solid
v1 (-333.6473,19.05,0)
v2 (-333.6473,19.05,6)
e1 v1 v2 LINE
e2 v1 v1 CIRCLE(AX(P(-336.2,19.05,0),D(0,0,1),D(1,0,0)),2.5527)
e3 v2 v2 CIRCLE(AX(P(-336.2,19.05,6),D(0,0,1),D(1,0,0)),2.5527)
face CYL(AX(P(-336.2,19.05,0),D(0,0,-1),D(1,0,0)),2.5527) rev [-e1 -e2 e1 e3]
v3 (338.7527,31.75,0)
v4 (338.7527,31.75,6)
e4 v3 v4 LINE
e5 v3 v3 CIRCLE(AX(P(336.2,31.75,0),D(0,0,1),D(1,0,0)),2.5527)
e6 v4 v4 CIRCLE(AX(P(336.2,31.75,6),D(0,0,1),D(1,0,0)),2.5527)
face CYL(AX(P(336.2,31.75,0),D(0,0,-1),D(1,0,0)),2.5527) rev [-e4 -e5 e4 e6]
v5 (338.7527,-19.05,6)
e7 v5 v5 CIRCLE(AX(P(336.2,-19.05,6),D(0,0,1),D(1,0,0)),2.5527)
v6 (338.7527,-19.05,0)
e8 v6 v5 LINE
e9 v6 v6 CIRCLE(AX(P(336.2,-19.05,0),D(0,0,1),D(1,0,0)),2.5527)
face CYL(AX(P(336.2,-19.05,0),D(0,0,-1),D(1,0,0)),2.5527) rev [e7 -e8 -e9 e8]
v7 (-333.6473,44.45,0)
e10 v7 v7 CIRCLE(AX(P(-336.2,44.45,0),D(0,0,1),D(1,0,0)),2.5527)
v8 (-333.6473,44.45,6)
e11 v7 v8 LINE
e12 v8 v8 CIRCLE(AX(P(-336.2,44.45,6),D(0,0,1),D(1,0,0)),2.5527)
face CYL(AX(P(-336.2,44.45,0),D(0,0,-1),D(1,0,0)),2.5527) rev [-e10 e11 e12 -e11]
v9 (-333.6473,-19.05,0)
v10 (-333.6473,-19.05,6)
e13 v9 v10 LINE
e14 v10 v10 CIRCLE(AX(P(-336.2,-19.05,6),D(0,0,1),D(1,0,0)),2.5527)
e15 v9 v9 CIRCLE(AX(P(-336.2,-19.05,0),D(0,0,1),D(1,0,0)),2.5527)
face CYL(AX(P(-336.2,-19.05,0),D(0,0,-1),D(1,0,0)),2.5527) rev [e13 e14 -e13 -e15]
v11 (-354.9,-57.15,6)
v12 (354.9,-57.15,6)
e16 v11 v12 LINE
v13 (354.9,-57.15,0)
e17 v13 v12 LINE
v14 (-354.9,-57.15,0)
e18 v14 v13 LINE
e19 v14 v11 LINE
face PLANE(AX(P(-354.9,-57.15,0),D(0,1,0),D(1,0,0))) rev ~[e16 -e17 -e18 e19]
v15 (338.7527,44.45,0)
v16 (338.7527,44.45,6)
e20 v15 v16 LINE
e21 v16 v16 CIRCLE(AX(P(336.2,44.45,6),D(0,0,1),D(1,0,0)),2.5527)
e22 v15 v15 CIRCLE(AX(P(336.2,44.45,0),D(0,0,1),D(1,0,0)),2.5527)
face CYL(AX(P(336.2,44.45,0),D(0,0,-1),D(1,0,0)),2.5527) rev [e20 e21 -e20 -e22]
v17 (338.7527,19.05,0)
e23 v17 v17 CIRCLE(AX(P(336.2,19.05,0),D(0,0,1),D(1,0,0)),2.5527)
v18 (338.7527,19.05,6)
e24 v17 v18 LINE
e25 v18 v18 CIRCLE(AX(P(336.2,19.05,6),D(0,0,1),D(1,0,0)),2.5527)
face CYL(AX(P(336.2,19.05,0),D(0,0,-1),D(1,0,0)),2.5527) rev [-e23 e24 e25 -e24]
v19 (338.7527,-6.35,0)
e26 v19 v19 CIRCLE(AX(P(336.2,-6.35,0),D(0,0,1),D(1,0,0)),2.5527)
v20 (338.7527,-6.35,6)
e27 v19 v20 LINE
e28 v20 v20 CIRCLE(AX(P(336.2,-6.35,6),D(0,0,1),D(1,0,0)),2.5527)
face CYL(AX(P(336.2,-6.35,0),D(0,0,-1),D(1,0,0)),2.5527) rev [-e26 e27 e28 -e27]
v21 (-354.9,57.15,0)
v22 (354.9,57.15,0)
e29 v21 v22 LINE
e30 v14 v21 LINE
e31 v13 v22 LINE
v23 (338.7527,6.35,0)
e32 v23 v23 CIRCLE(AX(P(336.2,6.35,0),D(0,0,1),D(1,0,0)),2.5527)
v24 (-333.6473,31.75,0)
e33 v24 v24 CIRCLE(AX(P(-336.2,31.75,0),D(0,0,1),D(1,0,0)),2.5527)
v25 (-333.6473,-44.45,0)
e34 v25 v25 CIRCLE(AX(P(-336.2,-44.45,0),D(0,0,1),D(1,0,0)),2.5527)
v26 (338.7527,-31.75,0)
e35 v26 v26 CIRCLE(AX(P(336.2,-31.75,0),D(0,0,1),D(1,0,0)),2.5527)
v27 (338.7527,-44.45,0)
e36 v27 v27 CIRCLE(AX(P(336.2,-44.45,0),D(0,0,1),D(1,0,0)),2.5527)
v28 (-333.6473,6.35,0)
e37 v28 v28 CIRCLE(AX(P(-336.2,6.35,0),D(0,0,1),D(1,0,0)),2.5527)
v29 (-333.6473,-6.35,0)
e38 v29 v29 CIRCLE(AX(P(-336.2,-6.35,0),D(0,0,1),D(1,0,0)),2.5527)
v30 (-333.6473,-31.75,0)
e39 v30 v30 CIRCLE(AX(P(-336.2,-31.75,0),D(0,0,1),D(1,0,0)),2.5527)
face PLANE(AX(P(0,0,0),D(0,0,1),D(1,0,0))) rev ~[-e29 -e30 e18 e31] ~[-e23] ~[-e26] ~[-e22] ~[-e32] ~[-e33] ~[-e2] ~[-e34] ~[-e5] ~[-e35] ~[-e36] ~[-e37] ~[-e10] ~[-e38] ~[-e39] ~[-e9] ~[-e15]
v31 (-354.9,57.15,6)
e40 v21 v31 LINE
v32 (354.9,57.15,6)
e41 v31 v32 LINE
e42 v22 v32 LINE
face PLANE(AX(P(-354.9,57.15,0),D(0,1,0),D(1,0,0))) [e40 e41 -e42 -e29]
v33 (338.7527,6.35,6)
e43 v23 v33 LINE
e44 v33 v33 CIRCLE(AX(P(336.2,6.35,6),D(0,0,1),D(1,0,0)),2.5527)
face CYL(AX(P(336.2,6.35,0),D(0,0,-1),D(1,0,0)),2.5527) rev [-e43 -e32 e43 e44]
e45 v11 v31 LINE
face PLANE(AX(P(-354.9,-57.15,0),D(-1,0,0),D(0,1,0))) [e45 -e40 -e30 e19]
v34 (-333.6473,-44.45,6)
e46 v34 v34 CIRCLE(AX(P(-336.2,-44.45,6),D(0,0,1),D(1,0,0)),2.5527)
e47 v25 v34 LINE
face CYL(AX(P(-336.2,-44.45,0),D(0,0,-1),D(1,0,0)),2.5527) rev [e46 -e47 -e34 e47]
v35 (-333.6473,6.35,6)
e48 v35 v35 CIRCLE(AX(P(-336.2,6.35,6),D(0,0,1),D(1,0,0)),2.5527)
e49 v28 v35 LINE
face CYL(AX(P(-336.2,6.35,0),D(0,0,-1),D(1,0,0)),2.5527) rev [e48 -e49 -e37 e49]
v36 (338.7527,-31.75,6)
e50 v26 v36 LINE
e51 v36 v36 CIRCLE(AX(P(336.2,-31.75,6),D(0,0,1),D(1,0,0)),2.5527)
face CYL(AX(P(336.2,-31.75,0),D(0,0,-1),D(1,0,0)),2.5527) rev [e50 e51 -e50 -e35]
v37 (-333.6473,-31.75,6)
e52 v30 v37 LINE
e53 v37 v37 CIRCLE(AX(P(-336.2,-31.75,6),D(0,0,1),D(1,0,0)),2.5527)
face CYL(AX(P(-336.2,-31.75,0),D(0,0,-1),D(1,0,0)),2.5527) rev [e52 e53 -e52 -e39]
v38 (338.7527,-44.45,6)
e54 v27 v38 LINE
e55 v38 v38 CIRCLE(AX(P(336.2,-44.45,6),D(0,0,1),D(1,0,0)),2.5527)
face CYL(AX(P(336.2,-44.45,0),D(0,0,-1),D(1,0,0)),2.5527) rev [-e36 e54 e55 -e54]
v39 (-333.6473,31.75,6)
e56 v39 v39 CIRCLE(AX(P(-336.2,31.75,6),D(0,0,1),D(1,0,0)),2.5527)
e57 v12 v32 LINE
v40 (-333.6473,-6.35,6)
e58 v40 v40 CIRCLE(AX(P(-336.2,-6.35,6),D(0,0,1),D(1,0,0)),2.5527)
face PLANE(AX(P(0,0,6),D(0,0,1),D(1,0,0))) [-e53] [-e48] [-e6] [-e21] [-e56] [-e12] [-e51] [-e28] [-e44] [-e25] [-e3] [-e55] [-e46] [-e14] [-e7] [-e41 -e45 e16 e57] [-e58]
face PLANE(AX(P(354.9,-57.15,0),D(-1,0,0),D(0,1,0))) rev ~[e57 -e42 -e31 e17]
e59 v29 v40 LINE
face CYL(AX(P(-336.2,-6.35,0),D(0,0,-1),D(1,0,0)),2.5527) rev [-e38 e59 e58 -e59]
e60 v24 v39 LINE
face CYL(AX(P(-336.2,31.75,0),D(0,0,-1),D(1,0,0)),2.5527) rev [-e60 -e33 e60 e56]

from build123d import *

# Parameters (mm, degrees)
F0_W     = 709.8
F0_H     = 114.3
F0_R     = 2.5527
F1_DEPTH = 6


with BuildPart() as f1:
    # F0 (on Top) → F1 (new body)
    with BuildSketch(Plane.XY):
        Rectangle(F0_W, F0_H)
        with Locations((-336.2, -44.45)):
            Circle(F0_R, mode=Mode.SUBTRACT)
        with Locations((-336.2, -31.75)):
            Circle(F0_R, mode=Mode.SUBTRACT)
        with Locations((-336.2, -19.05)):
            Circle(F0_R, mode=Mode.SUBTRACT)
        with Locations((-336.2, -6.35)):
            Circle(F0_R, mode=Mode.SUBTRACT)
        with Locations((336.2, -44.45)):
            Circle(F0_R, mode=Mode.SUBTRACT)
        with Locations((336.2, -31.75)):
            Circle(F0_R, mode=Mode.SUBTRACT)
        with Locations((336.2, -19.05)):
            Circle(F0_R, mode=Mode.SUBTRACT)
        with Locations((336.2, -6.35)):
            Circle(F0_R, mode=Mode.SUBTRACT)
        with Locations((-336.2, 6.35)):
            Circle(F0_R, mode=Mode.SUBTRACT)
        with Locations((-336.2, 19.05)):
            Circle(F0_R, mode=Mode.SUBTRACT)
        with Locations((-336.2, 31.75)):
            Circle(F0_R, mode=Mode.SUBTRACT)
        with Locations((-336.2, 44.45)):
            Circle(F0_R, mode=Mode.SUBTRACT)
        with Locations((336.2, 6.35)):
            Circle(F0_R, mode=Mode.SUBTRACT)
        with Locations((336.2, 19.05)):
            Circle(F0_R, mode=Mode.SUBTRACT)
        with Locations((336.2, 31.75)):
            Circle(F0_R, mode=Mode.SUBTRACT)
        with Locations((336.2, 44.45)):
            Circle(F0_R, mode=Mode.SUBTRACT)
    extrude(amount=F1_DEPTH)


solid = f1.part
